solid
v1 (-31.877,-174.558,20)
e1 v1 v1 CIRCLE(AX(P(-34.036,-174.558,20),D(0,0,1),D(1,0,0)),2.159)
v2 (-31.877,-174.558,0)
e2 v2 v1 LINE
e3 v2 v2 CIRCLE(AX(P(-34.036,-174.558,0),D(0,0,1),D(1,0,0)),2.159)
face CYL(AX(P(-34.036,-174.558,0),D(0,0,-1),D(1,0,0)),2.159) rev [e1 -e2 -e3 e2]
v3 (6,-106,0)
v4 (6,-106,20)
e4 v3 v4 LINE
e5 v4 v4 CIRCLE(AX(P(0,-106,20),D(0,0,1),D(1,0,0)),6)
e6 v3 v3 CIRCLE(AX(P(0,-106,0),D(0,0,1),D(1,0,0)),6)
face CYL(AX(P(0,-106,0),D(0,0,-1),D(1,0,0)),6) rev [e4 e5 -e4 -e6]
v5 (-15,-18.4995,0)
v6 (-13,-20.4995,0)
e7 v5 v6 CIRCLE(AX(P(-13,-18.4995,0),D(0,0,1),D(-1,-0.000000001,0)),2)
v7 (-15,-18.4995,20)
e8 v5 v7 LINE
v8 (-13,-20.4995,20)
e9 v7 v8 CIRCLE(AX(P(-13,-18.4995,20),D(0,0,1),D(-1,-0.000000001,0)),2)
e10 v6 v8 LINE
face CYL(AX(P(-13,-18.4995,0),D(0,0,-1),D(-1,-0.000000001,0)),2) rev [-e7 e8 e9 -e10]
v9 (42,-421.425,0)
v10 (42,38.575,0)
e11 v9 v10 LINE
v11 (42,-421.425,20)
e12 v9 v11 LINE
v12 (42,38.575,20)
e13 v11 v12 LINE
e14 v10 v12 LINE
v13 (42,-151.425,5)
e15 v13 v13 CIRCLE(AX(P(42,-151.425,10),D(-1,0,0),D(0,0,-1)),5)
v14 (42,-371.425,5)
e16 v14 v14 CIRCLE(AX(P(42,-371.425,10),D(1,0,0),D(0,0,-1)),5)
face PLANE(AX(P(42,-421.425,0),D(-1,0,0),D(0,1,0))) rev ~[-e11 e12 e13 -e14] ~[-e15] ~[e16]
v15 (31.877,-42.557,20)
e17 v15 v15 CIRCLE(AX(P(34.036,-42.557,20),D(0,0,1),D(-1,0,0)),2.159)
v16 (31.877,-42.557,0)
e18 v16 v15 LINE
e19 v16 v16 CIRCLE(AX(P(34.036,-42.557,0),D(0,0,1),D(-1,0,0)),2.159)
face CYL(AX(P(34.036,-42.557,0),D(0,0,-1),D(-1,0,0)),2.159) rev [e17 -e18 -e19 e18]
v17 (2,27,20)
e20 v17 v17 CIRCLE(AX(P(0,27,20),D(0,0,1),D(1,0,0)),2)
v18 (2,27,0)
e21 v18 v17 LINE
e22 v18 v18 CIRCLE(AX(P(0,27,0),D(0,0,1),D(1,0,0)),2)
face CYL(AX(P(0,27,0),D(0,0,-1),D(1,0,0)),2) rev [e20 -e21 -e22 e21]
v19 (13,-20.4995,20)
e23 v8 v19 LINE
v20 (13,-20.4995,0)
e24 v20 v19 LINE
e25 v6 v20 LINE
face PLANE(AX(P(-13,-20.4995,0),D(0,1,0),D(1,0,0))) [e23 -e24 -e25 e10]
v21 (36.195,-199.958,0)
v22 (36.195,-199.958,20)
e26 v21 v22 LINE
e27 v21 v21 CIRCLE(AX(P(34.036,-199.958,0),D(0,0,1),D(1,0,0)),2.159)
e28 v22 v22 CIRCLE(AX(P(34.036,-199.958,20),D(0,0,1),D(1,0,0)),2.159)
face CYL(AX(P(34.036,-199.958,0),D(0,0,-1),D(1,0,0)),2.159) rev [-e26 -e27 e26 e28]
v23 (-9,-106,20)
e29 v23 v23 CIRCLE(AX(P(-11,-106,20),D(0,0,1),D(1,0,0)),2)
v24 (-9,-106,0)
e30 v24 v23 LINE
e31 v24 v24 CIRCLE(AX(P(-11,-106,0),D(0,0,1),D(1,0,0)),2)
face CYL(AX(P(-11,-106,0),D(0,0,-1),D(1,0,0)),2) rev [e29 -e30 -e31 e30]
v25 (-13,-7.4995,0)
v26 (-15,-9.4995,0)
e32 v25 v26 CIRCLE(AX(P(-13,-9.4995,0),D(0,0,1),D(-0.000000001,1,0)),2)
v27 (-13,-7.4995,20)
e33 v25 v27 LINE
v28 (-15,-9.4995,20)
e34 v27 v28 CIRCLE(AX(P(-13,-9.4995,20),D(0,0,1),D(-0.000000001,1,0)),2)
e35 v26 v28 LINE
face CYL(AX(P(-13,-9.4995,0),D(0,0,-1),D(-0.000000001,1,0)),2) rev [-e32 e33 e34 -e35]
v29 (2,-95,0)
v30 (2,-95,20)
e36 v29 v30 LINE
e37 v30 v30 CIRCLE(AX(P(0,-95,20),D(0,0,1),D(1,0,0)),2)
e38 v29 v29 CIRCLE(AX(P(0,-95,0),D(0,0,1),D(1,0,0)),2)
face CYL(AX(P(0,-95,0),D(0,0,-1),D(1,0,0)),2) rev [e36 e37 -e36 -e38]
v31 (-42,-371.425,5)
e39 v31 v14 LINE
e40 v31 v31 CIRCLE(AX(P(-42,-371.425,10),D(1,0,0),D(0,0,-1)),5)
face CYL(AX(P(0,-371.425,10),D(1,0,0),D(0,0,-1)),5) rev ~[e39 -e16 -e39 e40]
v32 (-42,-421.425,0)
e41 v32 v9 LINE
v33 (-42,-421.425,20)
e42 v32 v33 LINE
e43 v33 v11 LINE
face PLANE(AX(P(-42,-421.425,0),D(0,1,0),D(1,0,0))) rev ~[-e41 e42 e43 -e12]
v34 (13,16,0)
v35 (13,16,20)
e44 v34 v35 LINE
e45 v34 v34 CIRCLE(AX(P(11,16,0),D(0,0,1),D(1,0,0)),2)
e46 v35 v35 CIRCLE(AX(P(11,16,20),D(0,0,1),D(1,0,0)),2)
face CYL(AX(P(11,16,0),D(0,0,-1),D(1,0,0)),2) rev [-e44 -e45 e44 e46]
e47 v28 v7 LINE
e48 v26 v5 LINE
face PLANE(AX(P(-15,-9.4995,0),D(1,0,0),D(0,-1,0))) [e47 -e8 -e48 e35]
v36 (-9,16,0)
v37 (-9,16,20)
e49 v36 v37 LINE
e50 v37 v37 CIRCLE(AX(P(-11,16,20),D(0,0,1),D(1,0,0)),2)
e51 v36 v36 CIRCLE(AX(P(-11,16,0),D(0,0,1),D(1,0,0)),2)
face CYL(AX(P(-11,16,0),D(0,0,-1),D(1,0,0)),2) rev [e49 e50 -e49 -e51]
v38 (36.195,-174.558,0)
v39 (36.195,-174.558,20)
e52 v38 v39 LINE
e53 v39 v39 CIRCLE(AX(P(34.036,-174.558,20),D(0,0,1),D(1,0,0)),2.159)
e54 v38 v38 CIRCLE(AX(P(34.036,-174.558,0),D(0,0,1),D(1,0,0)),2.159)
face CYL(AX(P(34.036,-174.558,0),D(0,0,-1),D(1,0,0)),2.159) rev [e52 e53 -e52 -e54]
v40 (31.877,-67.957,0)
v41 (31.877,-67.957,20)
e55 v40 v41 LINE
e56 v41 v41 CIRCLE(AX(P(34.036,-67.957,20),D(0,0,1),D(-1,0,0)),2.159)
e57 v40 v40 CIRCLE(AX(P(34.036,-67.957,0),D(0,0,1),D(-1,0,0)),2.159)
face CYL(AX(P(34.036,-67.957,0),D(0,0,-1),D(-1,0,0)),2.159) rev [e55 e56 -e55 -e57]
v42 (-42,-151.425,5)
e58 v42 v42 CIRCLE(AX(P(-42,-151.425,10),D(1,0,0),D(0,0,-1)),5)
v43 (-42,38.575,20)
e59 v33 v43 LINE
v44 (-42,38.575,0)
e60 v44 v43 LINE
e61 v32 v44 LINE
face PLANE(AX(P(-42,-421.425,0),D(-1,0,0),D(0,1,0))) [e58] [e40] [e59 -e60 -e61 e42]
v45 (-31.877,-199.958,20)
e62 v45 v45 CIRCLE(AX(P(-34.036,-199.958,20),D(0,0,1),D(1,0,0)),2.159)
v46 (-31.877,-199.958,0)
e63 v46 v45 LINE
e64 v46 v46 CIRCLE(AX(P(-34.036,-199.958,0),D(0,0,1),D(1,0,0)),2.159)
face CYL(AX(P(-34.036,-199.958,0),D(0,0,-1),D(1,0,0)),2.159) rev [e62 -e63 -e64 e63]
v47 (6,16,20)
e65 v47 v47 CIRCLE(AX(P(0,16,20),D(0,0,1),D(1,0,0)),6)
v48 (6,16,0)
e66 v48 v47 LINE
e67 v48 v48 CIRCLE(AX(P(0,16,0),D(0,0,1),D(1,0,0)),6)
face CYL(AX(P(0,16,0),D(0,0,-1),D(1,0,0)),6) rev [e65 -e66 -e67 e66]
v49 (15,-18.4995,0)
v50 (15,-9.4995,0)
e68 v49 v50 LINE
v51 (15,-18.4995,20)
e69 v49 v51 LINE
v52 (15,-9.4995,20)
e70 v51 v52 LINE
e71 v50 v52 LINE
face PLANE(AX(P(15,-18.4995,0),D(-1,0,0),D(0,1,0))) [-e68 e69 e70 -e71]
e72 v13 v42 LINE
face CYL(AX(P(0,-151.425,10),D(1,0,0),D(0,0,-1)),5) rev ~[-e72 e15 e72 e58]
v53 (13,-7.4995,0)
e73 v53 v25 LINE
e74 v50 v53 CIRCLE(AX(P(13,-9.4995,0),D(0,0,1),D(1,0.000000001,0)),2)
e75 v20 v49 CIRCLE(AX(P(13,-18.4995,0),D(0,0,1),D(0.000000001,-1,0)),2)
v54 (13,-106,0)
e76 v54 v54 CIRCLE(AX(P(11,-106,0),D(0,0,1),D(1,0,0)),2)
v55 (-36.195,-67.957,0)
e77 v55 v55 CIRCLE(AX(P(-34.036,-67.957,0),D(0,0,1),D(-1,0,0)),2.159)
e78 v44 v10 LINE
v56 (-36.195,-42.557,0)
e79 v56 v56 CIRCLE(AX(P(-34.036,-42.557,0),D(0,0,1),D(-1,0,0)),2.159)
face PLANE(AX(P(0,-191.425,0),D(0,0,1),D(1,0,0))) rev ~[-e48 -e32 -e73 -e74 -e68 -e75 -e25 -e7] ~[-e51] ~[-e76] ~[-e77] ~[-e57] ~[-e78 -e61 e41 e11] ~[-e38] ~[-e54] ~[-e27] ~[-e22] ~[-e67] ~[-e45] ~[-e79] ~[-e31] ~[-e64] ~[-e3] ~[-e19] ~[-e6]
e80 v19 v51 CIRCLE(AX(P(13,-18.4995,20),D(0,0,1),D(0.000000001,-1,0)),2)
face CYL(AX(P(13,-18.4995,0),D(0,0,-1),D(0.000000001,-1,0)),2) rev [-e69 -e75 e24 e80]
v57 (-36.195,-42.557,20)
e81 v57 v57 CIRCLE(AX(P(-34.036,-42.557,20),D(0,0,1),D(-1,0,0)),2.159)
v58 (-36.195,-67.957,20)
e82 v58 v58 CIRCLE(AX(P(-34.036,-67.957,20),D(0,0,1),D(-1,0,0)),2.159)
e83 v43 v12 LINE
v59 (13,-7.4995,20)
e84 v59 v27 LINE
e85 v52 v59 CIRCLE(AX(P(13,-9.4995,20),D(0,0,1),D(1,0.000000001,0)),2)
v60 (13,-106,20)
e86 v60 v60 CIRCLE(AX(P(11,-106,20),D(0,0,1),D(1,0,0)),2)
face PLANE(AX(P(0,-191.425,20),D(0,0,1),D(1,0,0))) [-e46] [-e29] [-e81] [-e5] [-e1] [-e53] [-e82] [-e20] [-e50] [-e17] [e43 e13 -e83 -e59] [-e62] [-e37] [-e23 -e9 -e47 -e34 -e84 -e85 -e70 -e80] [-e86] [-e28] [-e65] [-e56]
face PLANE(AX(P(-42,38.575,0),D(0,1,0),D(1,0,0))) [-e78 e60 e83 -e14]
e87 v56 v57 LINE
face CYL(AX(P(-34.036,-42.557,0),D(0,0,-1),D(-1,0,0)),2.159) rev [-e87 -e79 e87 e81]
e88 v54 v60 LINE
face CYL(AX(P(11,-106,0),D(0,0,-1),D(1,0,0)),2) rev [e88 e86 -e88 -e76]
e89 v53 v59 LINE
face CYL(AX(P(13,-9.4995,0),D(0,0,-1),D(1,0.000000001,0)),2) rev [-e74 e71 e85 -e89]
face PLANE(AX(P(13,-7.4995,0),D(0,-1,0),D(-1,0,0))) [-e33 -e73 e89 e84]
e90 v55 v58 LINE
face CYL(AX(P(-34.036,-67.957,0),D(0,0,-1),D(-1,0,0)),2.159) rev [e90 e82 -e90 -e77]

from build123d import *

# Parameters (mm, degrees)
SKETCH1_W           = 84
SKETCH1_H           = 460
SKETCH1_R           = 6
SKETCH1_R_2         = 2
BOSS_EXTRUDE1_DEPTH = 20
SKETCH2_R           = 5
CUT_EXTRUDE1_DEPTH  = 50
SKETCH4_R           = 2.159
CUT_EXTRUDE2_DEPTH  = 20
CUT_EXTRUDE3_DEPTH  = 20
SKETCH6_R           = 2.159
CUT_EXTRUDE4_DEPTH  = 20


with BuildPart() as part:
    # Sketch1 → Boss-Extrude1 (new body)
    with BuildSketch(Plane.XY):
        with Locations((0, -191.425)):
            Rectangle(SKETCH1_W, SKETCH1_H)
        with Locations((0, -106)):
            Circle(SKETCH1_R, mode=Mode.SUBTRACT)
        with Locations((11, -106)):
            Circle(SKETCH1_R_2, mode=Mode.SUBTRACT)
        with Locations((0, -95)):
            Circle(SKETCH1_R_2, mode=Mode.SUBTRACT)
        with Locations((0, 16)):
            Circle(SKETCH1_R, mode=Mode.SUBTRACT)
        with Locations((11, 16)):
            Circle(SKETCH1_R_2, mode=Mode.SUBTRACT)
        with Locations((-11, -106)):
            Circle(SKETCH1_R_2, mode=Mode.SUBTRACT)
        with Locations((0, 27)):
            Circle(SKETCH1_R_2, mode=Mode.SUBTRACT)
        with Locations((-11, 16)):
            Circle(SKETCH1_R_2, mode=Mode.SUBTRACT)
    extrude(amount=BOSS_EXTRUDE1_DEPTH)

    # Sketch2 → Cut-Extrude1 (cut, symmetric)
    with BuildSketch(Plane(origin=(0, 0, 0), x_dir=(0, 0, -1), z_dir=(1, 0, 0))):
        with Locations((-10, -151.425)):
            Circle(SKETCH2_R)
        with Locations((-10, -371.425)):
            Circle(SKETCH2_R)
    extrude(amount=CUT_EXTRUDE1_DEPTH, both=True, mode=Mode.SUBTRACT)

    # Sketch4 → Cut-Extrude2 (cut)
    with BuildSketch(Plane.XY):
        with Locations(Location((34.036, -42.557, 0), (0, 0, 180))):
            Circle(SKETCH4_R)
        with Locations(Location((34.036, -67.957, 0), (0, 0, 180))):
            Circle(SKETCH4_R)
        with Locations(Location((-34.036, -67.957, 0), (0, 0, 180))):
            Circle(SKETCH4_R)
        with Locations(Location((-34.036, -42.557, 0), (0, 0, 180))):
            Circle(SKETCH4_R)
    extrude(amount=CUT_EXTRUDE2_DEPTH, mode=Mode.SUBTRACT)

    # Sketch5 → Cut-Extrude3 (cut)
    with BuildSketch(Plane.XY):
        with BuildLine():
            Line((15, -18.4995), (15, -9.4995))
            ThreePointArc((15, -9.4995), (14.414213562, -8.085286438), (13, -7.4995))
            Line((13, -7.4995), (-13, -7.4995))
            ThreePointArc((-13, -7.4995), (-14.414213562, -8.085286438), (-15, -9.4995))
            Line((-15, -9.4995), (-15, -18.4995))
            ThreePointArc((-15, -18.4995), (-14.414213562, -19.913713562), (-13, -20.4995))
            Line((-13, -20.4995), (13, -20.4995))
            ThreePointArc((13, -20.4995), (14.414213562, -19.913713562), (15, -18.4995))
        make_face()
    extrude(amount=CUT_EXTRUDE3_DEPTH, mode=Mode.SUBTRACT)

    # Sketch6 → Cut-Extrude4 (cut)
    with BuildSketch(Plane.XY):
        with Locations((34.036, -174.558)):
            Circle(SKETCH6_R)
        with Locations((-34.036, -174.558)):
            Circle(SKETCH6_R)
        with Locations((-34.036, -199.958)):
            Circle(SKETCH6_R)
        with Locations((34.036, -199.958)):
            Circle(SKETCH6_R)
    extrude(amount=CUT_EXTRUDE4_DEPTH, mode=Mode.SUBTRACT)


solid = part.part
